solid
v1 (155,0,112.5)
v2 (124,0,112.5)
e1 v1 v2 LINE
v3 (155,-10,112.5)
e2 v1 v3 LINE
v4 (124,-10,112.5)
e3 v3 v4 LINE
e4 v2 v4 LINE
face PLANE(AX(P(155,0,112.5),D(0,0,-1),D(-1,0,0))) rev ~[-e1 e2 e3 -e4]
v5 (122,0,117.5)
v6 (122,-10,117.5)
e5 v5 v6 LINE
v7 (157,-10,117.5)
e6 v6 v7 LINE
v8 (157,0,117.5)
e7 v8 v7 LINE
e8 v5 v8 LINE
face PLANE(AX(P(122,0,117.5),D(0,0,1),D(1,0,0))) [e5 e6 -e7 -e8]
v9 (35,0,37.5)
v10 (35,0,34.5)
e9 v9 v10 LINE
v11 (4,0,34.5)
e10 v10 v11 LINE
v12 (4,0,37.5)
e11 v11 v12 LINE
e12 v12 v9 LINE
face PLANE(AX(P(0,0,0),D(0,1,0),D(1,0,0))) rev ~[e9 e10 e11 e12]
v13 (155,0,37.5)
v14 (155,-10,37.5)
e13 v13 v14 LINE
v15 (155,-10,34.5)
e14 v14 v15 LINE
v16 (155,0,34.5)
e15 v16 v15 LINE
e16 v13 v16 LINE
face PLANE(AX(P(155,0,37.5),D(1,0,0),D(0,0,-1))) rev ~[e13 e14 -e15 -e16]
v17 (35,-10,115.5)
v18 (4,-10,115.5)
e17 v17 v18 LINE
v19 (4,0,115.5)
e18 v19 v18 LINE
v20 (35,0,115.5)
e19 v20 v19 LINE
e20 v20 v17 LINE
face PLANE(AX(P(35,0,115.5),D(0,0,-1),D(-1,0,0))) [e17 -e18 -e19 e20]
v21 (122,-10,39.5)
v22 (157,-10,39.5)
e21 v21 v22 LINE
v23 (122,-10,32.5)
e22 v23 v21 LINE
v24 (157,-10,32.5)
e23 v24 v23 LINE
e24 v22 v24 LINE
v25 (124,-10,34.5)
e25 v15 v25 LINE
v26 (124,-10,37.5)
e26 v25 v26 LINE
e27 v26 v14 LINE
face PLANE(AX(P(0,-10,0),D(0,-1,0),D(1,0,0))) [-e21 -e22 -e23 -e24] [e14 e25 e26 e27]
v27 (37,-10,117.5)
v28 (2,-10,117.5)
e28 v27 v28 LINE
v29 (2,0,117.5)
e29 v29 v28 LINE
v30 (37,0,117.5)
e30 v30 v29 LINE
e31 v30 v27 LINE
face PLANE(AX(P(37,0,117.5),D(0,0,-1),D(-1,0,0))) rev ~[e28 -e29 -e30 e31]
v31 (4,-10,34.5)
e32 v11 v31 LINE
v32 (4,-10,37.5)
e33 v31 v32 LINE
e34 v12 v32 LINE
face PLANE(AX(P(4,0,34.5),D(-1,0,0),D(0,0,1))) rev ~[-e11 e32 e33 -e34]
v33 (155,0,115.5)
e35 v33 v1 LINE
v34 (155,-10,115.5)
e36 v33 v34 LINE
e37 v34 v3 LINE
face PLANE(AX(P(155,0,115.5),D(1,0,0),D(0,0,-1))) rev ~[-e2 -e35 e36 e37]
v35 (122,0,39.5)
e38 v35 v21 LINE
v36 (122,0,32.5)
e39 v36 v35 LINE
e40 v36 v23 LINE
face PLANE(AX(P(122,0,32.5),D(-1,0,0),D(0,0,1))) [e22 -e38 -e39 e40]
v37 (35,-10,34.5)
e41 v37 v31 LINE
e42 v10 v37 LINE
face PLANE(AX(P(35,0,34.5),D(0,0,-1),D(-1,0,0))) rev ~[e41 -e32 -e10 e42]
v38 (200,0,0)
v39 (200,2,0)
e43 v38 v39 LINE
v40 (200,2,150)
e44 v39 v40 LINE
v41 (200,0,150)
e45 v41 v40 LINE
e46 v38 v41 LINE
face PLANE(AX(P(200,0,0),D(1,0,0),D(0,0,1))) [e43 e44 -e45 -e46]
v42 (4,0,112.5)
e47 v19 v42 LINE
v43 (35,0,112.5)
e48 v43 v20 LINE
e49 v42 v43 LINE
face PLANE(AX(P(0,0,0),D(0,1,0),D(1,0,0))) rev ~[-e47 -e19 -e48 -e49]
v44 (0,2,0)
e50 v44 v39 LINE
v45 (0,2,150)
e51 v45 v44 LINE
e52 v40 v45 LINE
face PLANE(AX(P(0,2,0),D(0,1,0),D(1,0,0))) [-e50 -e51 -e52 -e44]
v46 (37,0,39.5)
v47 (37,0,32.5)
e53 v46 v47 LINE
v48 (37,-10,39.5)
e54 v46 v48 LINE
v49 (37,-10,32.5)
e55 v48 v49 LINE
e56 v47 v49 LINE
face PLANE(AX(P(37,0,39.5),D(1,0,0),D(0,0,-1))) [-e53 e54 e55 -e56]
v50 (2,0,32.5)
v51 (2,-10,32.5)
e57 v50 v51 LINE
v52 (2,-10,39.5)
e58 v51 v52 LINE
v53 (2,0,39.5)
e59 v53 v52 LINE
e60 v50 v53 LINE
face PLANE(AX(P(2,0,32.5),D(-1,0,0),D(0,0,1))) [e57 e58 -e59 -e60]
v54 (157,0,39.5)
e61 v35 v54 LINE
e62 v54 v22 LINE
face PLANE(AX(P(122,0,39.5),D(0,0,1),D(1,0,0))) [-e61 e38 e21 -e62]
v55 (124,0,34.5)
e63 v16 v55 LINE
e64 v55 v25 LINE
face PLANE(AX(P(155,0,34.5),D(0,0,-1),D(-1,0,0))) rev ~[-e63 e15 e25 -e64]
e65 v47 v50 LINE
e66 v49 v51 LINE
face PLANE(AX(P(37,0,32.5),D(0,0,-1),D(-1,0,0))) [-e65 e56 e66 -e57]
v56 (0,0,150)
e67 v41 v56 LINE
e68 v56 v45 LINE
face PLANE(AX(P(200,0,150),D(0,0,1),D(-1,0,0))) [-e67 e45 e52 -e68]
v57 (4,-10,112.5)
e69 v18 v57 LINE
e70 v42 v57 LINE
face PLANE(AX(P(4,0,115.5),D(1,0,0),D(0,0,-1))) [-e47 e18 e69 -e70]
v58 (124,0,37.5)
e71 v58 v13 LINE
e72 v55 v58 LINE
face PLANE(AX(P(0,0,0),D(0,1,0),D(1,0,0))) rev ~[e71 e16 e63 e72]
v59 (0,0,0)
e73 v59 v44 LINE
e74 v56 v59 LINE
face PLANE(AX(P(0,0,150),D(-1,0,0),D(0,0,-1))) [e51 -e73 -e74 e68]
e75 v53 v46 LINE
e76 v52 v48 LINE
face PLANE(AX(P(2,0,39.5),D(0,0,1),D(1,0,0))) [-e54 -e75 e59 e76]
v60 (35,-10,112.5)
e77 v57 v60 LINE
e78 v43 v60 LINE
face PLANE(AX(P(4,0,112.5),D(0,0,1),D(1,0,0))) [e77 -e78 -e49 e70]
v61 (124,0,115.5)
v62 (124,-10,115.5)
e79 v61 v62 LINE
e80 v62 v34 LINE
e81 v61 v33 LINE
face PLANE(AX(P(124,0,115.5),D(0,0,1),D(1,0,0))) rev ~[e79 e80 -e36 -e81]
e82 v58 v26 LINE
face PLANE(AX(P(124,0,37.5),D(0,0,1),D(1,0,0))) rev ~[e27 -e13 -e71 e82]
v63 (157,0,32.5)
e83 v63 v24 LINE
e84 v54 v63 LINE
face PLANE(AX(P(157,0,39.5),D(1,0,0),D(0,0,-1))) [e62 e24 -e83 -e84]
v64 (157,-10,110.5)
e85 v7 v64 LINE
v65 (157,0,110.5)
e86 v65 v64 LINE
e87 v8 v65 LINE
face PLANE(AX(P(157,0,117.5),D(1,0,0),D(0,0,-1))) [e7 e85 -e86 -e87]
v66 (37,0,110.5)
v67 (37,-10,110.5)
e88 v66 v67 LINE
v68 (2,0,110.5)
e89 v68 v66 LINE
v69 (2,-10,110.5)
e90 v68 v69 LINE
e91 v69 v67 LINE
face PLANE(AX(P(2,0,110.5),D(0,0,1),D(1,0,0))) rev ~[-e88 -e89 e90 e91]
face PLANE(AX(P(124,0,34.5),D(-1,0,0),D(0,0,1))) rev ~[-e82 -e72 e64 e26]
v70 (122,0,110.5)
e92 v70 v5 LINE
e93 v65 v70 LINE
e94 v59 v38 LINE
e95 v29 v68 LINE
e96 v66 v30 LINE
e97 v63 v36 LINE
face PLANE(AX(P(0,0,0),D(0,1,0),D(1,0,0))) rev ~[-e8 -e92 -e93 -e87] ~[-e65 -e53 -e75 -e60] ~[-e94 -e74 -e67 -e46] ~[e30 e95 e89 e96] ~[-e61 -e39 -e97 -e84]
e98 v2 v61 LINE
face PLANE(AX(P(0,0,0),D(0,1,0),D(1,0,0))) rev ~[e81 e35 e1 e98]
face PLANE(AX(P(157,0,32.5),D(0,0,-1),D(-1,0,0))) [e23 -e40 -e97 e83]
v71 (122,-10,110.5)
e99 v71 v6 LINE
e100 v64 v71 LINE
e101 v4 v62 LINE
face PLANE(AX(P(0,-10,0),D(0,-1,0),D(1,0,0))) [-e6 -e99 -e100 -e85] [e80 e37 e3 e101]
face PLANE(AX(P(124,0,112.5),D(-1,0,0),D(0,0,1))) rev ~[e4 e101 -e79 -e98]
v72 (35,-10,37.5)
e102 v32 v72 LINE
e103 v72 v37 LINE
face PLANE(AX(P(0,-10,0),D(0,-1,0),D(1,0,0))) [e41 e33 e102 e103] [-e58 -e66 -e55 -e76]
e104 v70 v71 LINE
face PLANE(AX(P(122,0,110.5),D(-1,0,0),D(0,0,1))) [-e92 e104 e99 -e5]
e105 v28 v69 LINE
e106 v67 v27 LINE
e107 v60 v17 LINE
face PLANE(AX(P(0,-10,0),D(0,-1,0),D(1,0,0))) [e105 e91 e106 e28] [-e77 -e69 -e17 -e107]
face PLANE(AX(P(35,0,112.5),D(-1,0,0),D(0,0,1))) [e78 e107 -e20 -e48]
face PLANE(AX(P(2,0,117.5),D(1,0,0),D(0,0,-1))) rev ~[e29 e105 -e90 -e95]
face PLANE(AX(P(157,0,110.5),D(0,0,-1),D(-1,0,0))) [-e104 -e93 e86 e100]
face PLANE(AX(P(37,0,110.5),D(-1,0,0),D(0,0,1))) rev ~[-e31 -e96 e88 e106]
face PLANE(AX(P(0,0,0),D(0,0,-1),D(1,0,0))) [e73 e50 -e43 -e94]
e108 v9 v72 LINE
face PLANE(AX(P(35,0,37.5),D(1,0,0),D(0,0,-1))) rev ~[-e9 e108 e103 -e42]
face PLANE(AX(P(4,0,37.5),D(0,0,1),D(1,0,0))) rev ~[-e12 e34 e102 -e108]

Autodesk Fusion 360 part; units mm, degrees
sketch "Sketch1" plane through (0, 0, 0) normal (0, 1, 0) x (1, 0, 0)
  line L0 (0, 0) -> (200, 0)
  line L1 (200, 0) -> (200, -150)
  line L2 (200, -150) -> (0, -150)
  line L3 (0, -150) -> (0, 0)
  dimension "d1" = 200
  dimension "d2" = 150
extrude "Extrude1" add sketch "Sketch1" along normal blind 2
sketch "Sketch2" plane through (0, 0, 0) normal (0, -1, 0) x (1, 0, 0)
  line L0 (200, 150) -> (0, 150)
  line L1 (0, 150) -> (0, 0)
  line L2 (0, 0) -> (200, 0)
  line L3 (200, 0) -> (200, 150)
  line L4 (4, 112.5) -> (35, 112.5)
  line L5 (35, 112.5) -> (35, 115.5)
  line L6 (35, 115.5) -> (4, 115.5)
  line L7 (4, 115.5) -> (4, 112.5)
  line L8 (37, 117.5) -> (2, 117.5)
  line L9 (2, 117.5) -> (2, 110.5)
  line L10 (2, 110.5) -> (37, 110.5)
  line L11 (37, 110.5) -> (37, 117.5)
  line L12 (200, 150) -> (0, 150)
  line L13 (0, 150) -> (0, 0)
  line L14 (0, 0) -> (200, 0)
  line L15 (200, 0) -> (200, 150)
  line L16 (2, 110.5) -> (37, 110.5)
  line L17 (200, 150) -> (0, 150)
  line L18 (0, 150) -> (0, 0)
  line L19 (0, 150) -> (0, 0)
  line L20 (35, 37.5) -> (35, 34.5)
  line L21 (0, 0) -> (200, 0)
  line L22 (122, 39.5) -> (157, 39.5)
  line L23 (35, 112.5) -> (35, 115.5)
  line L24 (37, 110.5) -> (2, 110.5)
  line L25 (2, 110.5) -> (2, 117.5)
  line L26 (2, 117.5) -> (37, 117.5)
  line L27 (37, 117.5) -> (37, 110.5)
  dimension "d5" = 31
  dimension "d6" = 3
  dimension "d7" = 35
  dimension "d8" = 7
  dimension "d9" = 2
  dimension "d10" = 2
  dimension "d18" = 32.5
  dimension "d19" = 2
extrude "Extrude2" add sketch "Sketch2" along normal blind 10 contours L8 L9 L10 L11 L16 L24 L25 L26 L27
sketch "Sketch3" plane through (0, 0, 0) normal (0, -1, 0) x (1, 0, 0)
  line L0 (200, 150) -> (0, 150)
  line L1 (0, 150) -> (0, 0)
  line L2 (0, 0) -> (200, 0)
  line L3 (200, 0) -> (200, 150)
  line L4 (4, 37.5) -> (35, 37.5)
  line L5 (35, 37.5) -> (35, 34.5)
  line L6 (35, 34.5) -> (4, 34.5)
  line L7 (4, 34.5) -> (4, 37.5)
  line L8 (2, 39.5) -> (37, 39.5)
  line L9 (37, 39.5) -> (37, 32.5)
  line L10 (37, 32.5) -> (2, 32.5)
  line L11 (2, 32.5) -> (2, 39.5)
  line L12 (2, 110.5) -> (37, 110.5)
  line L13 (0, 150) -> (0, 0)
  line L14 (37, 110.5) -> (2, 110.5)
  line L15 (2, 110.5) -> (2, 117.5)
  line L16 (2, 117.5) -> (37, 117.5)
  line L17 (37, 117.5) -> (37, 110.5)
  dimension "d11" = 3
  dimension "d12" = 31
  dimension "d13" = 2
  dimension "d14" = 7
  dimension "d15" = 35
  dimension "d16" = 2
  dimension "d17" = 71
  dimension "d20" = 2
extrude "Extrude3" add sketch "Sketch3" along normal blind 10 contours L8 L9 L10 L11
sketch "Sketch4" plane through (0, 0, 0) normal (0, -1, 0) x (1, 0, 0)
  line L0 (124, 37.5) -> (155, 37.5)
  line L1 (155, 37.5) -> (155, 34.5)
  line L2 (155, 34.5) -> (124, 34.5)
  line L3 (124, 34.5) -> (124, 37.5)
  line L4 (122, 39.5) -> (157, 39.5)
  line L5 (157, 39.5) -> (157, 32.5)
  line L6 (157, 32.5) -> (122, 32.5)
  line L7 (122, 32.5) -> (122, 39.5)
  line L8 (35, 37.5) -> (35, 34.5)
  line L9 (0, 0) -> (200, 0)
  dimension "d21" = 31
  dimension "d22" = 3
  dimension "d23" = 35
  dimension "d24" = 7
  dimension "d25" = 2
  dimension "d26" = 2
  dimension "d28" = 89
  dimension "d29" = 32.5
sketch "Sketch5" plane through (0, 0, 0) normal (0, -1, 0) x (1, 0, 0)
  line L0 (124, 115.5) -> (155, 115.5)
  line L1 (155, 115.5) -> (155, 112.5)
  line L2 (155, 112.5) -> (124, 112.5)
  line L3 (124, 112.5) -> (124, 115.5)
  line L4 (122, 117.5) -> (157, 117.5)
  line L5 (157, 117.5) -> (157, 110.5)
  line L6 (157, 110.5) -> (122, 110.5)
  line L7 (122, 110.5) -> (122, 117.5)
  line L8 (122, 39.5) -> (157, 39.5)
  line L9 (35, 112.5) -> (35, 115.5)
  dimension "d30" = 31
  dimension "d31" = 3
  dimension "d32" = 35
  dimension "d33" = 7
  dimension "d35" = 2
  dimension "d36" = 2
  dimension "d37" = 71
  dimension "d38" = 89
extrude "Extrude4" add sketch "Sketch4" along normal blind 10
extrude "Extrude5" add sketch "Sketch5" along normal blind 10
